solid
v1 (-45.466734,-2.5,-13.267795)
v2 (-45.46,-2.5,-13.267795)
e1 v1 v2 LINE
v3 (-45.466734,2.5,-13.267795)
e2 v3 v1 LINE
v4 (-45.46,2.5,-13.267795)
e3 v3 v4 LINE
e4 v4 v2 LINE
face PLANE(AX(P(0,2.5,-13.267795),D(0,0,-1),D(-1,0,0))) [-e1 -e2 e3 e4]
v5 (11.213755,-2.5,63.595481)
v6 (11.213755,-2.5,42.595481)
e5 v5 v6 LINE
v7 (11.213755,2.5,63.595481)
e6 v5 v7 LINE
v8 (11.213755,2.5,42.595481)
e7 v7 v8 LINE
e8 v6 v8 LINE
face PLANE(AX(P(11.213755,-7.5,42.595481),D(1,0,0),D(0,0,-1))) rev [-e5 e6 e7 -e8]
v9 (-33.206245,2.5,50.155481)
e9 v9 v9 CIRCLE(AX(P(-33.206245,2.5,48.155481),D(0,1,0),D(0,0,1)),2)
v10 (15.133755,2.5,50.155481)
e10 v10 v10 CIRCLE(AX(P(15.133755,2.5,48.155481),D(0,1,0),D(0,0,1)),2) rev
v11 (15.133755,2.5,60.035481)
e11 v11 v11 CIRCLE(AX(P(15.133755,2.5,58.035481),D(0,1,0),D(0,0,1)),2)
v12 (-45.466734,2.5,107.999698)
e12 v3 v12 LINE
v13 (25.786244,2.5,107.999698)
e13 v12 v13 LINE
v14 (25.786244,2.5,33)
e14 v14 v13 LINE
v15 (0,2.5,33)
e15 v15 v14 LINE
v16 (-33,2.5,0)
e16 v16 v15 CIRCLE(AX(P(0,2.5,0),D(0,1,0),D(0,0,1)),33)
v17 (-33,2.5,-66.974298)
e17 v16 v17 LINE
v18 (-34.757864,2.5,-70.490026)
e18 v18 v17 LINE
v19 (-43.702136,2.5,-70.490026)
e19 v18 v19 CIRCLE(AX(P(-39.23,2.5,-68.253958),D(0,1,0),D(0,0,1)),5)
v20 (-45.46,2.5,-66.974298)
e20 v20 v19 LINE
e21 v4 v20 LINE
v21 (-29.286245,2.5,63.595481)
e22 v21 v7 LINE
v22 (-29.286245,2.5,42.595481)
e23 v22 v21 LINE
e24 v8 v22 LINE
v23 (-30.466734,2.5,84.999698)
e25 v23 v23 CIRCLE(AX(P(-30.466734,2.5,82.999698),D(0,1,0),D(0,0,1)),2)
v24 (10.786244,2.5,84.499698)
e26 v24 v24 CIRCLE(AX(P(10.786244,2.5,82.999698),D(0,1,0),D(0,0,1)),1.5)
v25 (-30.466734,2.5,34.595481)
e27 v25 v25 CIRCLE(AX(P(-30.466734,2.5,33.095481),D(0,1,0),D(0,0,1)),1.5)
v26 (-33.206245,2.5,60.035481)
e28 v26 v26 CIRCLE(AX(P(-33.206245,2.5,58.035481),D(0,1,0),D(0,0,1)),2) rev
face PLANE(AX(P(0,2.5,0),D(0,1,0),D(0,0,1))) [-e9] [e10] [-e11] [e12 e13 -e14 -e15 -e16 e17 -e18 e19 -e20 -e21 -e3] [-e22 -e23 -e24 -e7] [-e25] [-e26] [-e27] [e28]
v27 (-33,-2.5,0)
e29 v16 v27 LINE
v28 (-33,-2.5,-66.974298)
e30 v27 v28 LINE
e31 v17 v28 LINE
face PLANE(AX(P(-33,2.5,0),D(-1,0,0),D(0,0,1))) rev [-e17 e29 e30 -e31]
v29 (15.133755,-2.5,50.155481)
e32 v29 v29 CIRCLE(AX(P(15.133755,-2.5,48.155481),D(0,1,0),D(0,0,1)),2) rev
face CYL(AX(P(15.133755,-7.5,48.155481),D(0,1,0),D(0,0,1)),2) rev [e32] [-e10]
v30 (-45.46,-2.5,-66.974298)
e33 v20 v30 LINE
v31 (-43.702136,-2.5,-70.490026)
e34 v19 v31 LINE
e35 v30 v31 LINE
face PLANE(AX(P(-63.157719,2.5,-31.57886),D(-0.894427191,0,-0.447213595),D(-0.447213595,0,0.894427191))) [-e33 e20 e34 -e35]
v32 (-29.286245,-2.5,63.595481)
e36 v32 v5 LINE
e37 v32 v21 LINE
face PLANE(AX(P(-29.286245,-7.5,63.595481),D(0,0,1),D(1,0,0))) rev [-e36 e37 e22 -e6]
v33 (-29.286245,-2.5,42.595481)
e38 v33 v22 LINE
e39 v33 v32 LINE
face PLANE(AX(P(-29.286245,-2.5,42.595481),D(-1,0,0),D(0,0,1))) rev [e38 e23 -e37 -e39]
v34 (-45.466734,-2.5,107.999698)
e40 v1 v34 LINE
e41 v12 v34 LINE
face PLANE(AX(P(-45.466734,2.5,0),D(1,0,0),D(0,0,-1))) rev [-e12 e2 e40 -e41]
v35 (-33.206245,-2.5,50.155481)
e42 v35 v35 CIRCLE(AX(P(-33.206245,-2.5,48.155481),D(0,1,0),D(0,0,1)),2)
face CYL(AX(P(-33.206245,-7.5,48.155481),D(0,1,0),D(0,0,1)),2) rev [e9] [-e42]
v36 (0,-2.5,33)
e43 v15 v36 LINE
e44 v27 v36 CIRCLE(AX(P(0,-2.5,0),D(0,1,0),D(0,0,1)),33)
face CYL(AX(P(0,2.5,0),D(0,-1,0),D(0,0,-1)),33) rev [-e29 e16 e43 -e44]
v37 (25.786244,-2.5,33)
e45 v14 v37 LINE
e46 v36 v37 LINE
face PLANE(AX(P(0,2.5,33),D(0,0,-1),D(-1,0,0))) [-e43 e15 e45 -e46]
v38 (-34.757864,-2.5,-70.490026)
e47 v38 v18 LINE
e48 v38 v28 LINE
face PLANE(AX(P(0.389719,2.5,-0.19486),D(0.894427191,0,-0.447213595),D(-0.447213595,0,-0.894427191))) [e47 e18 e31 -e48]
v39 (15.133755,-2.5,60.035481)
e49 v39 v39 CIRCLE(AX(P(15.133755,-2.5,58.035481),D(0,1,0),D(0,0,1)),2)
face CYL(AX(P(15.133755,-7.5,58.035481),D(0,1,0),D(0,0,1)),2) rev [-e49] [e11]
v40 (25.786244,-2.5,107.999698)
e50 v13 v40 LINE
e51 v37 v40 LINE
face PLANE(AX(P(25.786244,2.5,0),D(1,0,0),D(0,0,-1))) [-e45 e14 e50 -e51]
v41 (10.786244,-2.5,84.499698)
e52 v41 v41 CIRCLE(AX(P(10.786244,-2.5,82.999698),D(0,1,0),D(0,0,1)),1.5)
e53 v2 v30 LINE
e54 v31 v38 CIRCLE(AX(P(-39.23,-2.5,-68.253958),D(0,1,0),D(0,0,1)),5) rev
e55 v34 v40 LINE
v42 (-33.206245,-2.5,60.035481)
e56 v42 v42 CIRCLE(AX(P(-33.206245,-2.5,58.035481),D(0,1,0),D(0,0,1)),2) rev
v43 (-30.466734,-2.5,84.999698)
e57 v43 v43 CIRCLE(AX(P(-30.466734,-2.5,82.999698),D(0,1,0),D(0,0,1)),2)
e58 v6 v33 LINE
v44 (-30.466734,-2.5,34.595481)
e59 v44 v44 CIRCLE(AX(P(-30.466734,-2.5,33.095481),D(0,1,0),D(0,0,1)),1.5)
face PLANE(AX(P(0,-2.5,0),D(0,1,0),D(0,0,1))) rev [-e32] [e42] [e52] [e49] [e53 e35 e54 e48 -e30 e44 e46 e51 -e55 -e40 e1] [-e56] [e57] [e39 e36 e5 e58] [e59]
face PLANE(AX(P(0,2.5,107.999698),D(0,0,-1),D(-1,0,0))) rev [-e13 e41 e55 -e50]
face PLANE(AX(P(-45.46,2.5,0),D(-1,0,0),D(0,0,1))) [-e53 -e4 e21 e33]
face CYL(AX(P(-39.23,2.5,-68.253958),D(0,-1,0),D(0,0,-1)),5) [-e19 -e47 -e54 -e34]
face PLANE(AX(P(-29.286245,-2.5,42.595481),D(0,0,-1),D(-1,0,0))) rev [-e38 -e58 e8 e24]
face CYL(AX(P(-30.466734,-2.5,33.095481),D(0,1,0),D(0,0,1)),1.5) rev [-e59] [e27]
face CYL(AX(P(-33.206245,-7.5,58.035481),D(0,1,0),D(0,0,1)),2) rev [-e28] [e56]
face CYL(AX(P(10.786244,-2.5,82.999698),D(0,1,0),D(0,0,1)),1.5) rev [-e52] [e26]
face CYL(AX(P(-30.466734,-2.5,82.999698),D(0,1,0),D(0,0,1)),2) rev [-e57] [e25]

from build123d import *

# Parameters (mm, degrees)
BOSS_EXTRUDE1_DEPTH = 2.5
SKETCH2_W           = 39
SKETCH2_H           = 19
CUT_EXTRUDE2_DEPTH  = 118.286651401
SKETCH6_R           = 1.5
SKETCH6_R_2         = 2
CUT_EXTRUDE11_DEPTH = 118.286651401
SKETCH8_W           = 39.164697568
SKETCH8_H           = 2
CUT_EXTRUDE12_DEPTH = 10
SKETCH9_W           = 40.5
SKETCH9_H           = 21
CUT_EXTRUDE14_DEPTH = 10
SKETCH10_R          = 2
CUT_EXTRUDE16_DEPTH = 10
SKETCH14_W          = 61.515702129
SKETCH14_H          = 51.963385976
CUT_EXTRUDE19_DEPTH = 10
FILLET4_R           = 5


with BuildPart() as part:
    # Sketch1 → Boss-Extrude1 (new, symmetric)
    with BuildSketch(Plane(origin=(0, 0, 0), x_dir=(1, 0, 0), z_dir=(0, 1, 0))):
        with BuildLine():
            Line((-45.466733516, 13.267794591), (-45.466733516, -107.999697871))
            Line((-45.466733516, -107.999697871), (25.786244138, -107.999697871))
            Line((25.786244138, -107.999697871), (25.786244138, -33))
            Line((25.786244138, -33), (0, -33))
            ThreePointArc((0, -33), (-23.334523779, -23.334523779), (-33, 0))
            Line((-33, 0), (-33, 13.267794591))
            Line((-33, 13.267794591), (-30.215321059, 13.267794591))
            ThreePointArc((-30.215321059, 13.267794591), (-18.043874009, 27.630030958), (0, 33))
            Line((0, 33), (0, 48))
            ThreePointArc((0, 48), (-17.760506671, 44.593322401), (-33, 34.856850116))
            Line((-33, 34.856850116), (-33, 66.974298245))
            Line((-33, 66.974298245), (-39.23, 79.434298245))
            Line((-39.23, 79.434298245), (-45.46, 66.974298245))
            Line((-45.46, 66.974298245), (-45.46, 13.267794591))
            Line((-45.46, 13.267794591), (-45.466733516, 13.267794591))
        make_face()
        with BuildLine():
            ThreePointArc((0, -48), (-3.55792227, -47.867955765), (-7.096269411, -47.472549547))
            Line((-7.096269411, -47.472549547), (0, -47.472549547))
            Line((0, -47.472549547), (0, -48))
        make_face(mode=Mode.SUBTRACT)
    extrude(amount=BOSS_EXTRUDE1_DEPTH, both=True)

    # Sketch2 → Cut-Extrude2 (cut, through all)
    with BuildSketch(Plane(origin=(0, 2.5, 0), x_dir=(1, 0, 0), z_dir=(0, 1, 0))):
        with Locations((-9.786245396, -52.095481266)):
            Rectangle(SKETCH2_W, SKETCH2_H)
    extrude(amount=-CUT_EXTRUDE2_DEPTH, mode=Mode.SUBTRACT)

    # Sketch6 → Cut-Extrude11 (cut, through all)
    with BuildSketch(Plane(origin=(0, 2.5, 0), x_dir=(1, 0, 0), z_dir=(0, 1, 0))):
        with Locations(Location((10.786244138, -82.999697871, 0), (0, 0, 270))):
            Circle(SKETCH6_R)
        with Locations(Location((-30.466733516, -82.999697871, 0), (0, 0, 270))):
            Circle(SKETCH6_R_2)
        with Locations(Location((-30.466733516, -33.095481266, 0), (0, 0, 270))):
            Circle(SKETCH6_R)
    extrude(amount=-CUT_EXTRUDE11_DEPTH, mode=Mode.SUBTRACT)

    # Sketch8 → Cut-Extrude12 (cut)
    with BuildSketch(Plane(origin=(0, 2.5, 0), x_dir=(1, 0, 0), z_dir=(0, 1, 0))):
        with Locations((-9.703896612, -62.595481266)):
            Rectangle(SKETCH8_W, SKETCH8_H)
    extrude(amount=-CUT_EXTRUDE12_DEPTH, mode=Mode.SUBTRACT)

    # Sketch9 → Cut-Extrude14 (cut)
    with BuildSketch(Plane(origin=(0, 2.5, 0), x_dir=(1, 0, 0), z_dir=(0, 1, 0))):
        with Locations((-9.036245396, -53.095481266)):
            Rectangle(SKETCH9_W, SKETCH9_H)
    extrude(amount=-CUT_EXTRUDE14_DEPTH, mode=Mode.SUBTRACT)

    # Sketch10 → Cut-Extrude16 (cut)
    with BuildSketch(Plane(origin=(0, 2.5, 0), x_dir=(1, 0, 0), z_dir=(0, 1, 0))):
        with Locations(Location((-33.206245396, -48.155481266, 0), (0, 0, 270))):
            Circle(SKETCH10_R)
        with Locations(Location((-33.206245396, -58.035481266, 0), (0, 0, 270))):
            Circle(SKETCH10_R)
        with Locations(Location((15.133754604, -58.035481266, 0), (0, 0, 270))):
            Circle(SKETCH10_R)
        with Locations(Location((15.133754604, -48.155481266, 0), (0, 0, 270))):
            Circle(SKETCH10_R)
    extrude(amount=-CUT_EXTRUDE16_DEPTH, mode=Mode.SUBTRACT)

    # Sketch14 → Cut-Extrude19 (cut)
    with BuildSketch(Plane(origin=(0, 2.5, 0), x_dir=(1, 0, 0), z_dir=(0, 1, 0))):
        with Locations((-2.242148935, 25.981692988)):
            Rectangle(SKETCH14_W, SKETCH14_H)
    extrude(amount=-CUT_EXTRUDE19_DEPTH, mode=Mode.SUBTRACT)

    # Fillet4
    fillet4_edges = [part.edges().sort_by_distance(p)[0] for p in [
        (-39.23, 0, -79.434298245),
    ]]
    fillet(fillet4_edges, radius=FILLET4_R)


solid = part.part
